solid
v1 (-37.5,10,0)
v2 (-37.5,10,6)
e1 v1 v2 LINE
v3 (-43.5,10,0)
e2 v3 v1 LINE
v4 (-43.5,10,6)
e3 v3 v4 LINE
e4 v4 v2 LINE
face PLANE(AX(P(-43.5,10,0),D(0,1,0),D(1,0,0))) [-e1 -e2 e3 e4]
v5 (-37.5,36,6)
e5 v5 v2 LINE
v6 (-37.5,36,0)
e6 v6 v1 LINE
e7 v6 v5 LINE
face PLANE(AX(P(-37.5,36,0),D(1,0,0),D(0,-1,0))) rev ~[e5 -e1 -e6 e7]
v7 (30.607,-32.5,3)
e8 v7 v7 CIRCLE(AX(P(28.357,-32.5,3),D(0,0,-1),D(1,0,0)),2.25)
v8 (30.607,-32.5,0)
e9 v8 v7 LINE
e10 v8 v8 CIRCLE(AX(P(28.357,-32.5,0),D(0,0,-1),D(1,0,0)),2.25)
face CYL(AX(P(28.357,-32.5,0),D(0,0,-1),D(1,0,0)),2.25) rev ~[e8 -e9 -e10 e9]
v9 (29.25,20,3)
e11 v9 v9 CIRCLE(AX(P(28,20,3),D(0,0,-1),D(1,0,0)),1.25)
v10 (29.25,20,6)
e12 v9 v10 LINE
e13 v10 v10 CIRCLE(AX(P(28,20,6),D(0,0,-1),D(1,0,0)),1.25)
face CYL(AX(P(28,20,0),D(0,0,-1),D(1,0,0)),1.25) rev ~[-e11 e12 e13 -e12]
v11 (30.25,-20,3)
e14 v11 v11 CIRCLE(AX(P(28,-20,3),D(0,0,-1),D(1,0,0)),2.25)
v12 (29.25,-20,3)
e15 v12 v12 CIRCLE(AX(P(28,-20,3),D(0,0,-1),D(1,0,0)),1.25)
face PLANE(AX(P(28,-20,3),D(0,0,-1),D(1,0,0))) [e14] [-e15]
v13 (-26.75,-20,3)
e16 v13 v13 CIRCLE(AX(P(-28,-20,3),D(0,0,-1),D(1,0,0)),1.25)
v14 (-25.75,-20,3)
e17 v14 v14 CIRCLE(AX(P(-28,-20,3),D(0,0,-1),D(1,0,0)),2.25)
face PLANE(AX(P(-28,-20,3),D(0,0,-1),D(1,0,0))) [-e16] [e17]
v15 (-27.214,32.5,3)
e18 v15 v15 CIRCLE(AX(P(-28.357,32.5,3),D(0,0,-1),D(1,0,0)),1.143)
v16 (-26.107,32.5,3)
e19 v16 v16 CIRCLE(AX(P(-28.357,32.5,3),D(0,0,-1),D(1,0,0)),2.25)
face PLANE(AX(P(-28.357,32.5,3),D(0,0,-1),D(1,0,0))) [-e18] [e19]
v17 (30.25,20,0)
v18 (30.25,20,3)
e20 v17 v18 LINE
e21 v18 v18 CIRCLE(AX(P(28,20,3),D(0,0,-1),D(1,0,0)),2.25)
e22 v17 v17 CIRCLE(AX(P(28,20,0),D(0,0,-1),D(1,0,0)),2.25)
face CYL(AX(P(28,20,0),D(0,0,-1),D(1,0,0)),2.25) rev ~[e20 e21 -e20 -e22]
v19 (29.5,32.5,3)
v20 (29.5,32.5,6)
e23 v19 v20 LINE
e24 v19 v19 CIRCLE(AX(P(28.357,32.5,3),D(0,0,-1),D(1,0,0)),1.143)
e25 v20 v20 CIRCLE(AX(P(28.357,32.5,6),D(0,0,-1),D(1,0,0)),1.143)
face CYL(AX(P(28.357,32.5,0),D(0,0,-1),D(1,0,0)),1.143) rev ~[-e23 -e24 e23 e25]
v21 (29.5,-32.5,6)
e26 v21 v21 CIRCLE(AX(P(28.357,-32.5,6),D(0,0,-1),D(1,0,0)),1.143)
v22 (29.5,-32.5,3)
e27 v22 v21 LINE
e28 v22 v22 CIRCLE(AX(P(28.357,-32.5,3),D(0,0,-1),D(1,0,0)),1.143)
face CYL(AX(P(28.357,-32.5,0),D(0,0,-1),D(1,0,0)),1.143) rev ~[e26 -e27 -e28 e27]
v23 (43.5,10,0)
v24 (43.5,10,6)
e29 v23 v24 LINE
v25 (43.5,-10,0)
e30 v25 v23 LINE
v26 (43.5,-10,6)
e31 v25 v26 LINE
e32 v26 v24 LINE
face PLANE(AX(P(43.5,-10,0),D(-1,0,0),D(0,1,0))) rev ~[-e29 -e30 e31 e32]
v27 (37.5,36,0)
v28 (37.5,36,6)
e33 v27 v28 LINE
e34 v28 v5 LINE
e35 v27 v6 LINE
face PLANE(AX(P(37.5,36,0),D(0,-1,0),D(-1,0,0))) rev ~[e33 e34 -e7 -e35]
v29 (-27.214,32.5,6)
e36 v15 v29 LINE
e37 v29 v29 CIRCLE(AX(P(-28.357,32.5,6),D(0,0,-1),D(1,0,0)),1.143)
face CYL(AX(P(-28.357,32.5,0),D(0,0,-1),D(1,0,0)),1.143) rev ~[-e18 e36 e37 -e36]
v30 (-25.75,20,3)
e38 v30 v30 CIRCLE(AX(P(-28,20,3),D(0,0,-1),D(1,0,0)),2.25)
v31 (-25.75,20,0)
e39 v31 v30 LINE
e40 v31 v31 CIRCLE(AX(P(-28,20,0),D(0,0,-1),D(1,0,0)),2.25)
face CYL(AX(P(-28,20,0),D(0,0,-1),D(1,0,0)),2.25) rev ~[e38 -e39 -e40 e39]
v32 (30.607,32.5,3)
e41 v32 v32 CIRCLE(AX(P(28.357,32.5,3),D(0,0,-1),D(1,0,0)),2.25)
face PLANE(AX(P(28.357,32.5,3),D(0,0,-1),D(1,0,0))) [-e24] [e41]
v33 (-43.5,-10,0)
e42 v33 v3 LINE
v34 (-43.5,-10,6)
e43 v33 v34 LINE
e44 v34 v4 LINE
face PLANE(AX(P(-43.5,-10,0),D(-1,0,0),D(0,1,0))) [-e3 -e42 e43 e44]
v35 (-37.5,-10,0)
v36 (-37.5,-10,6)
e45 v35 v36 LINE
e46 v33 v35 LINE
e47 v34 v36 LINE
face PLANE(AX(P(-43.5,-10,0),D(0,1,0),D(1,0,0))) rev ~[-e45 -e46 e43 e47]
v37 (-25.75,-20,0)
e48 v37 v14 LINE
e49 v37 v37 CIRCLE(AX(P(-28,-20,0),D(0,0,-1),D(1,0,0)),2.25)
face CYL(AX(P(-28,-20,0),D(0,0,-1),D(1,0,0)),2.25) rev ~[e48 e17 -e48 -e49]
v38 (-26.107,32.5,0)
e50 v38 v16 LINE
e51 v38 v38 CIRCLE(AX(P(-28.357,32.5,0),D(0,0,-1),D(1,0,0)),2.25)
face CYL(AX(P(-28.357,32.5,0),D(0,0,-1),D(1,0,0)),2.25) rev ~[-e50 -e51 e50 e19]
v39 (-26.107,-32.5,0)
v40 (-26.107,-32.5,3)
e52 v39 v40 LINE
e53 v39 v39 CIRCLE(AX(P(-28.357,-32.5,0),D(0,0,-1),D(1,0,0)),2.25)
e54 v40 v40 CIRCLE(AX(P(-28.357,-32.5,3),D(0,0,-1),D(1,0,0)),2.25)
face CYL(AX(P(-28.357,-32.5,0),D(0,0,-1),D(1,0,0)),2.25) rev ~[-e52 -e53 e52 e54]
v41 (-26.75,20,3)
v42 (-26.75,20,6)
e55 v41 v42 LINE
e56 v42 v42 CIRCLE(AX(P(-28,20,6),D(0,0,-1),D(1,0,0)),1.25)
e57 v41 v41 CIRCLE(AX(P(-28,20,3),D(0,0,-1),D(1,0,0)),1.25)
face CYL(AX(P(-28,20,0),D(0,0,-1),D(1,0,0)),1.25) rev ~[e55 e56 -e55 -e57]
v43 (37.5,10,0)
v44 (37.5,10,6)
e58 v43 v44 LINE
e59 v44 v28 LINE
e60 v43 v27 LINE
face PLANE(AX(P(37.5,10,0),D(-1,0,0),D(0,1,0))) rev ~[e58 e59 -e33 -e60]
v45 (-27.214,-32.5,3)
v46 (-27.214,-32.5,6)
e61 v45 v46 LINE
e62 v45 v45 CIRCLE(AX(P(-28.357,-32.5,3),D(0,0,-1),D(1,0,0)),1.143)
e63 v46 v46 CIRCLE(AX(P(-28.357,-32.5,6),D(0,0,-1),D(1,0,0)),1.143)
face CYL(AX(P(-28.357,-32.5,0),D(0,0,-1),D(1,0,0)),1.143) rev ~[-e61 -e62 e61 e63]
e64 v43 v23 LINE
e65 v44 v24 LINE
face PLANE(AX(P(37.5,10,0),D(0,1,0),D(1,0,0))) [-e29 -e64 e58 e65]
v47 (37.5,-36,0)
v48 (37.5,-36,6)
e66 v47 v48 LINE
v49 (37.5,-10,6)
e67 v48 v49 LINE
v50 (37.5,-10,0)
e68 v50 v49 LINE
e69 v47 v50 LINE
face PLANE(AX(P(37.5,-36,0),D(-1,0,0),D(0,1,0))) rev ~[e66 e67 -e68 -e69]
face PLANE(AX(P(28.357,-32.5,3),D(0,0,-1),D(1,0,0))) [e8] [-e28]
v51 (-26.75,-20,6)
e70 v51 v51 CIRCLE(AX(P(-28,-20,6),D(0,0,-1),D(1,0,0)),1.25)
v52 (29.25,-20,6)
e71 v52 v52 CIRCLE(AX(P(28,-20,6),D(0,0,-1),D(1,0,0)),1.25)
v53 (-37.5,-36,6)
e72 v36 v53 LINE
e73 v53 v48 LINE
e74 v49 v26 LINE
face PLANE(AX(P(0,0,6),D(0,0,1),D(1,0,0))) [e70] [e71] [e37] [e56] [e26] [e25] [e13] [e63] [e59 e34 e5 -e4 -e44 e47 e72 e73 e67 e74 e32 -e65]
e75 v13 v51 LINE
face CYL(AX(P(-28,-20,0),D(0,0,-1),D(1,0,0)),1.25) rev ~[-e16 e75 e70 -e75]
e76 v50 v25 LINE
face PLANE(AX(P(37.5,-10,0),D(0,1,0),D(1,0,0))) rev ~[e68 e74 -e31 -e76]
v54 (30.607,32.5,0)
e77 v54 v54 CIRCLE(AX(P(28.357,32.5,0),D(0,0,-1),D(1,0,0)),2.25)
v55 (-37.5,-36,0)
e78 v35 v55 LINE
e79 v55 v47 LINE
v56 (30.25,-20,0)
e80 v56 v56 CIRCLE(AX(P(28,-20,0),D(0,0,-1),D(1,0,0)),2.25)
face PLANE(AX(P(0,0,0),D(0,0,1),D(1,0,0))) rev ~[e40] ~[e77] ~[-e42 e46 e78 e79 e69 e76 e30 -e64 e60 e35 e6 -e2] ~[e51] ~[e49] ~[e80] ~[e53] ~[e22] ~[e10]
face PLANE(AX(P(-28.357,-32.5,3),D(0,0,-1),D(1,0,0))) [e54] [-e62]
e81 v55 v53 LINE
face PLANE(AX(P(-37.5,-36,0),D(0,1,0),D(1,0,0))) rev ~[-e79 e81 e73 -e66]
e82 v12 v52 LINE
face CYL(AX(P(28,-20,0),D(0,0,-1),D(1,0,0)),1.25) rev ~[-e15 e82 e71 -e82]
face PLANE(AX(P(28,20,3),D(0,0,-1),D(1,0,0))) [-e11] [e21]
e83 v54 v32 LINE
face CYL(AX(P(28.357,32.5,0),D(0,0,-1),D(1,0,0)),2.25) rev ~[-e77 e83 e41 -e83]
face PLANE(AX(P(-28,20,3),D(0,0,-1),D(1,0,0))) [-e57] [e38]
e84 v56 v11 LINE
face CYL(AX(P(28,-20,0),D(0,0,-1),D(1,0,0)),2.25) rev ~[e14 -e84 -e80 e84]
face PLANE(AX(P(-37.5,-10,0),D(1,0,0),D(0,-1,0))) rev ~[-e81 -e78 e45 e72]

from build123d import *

# Parameters (mm, degrees)
F0_W     = 6
F0_H     = 20
F1_DEPTH = 6
F2_R     = 2.25
F2_R_2   = 1.25
F2_R_3   = 1.143
F3_DEPTH = 3
F4_DEPTH = 6


with BuildPart() as f1:
    # F0 (on Top) → F1 (new body)
    with BuildSketch(Plane.XY):
        Polygon((-37.5, -36), (37.5, -36), (37.5, -10), (37.5, 10), (37.5, 36), (-37.5, 36), (-37.5, 10), (-37.5, -10), align=None)
        with Locations((40.5, 0)):
            Rectangle(F0_W, F0_H)
        with Locations((-40.5, 0)):
            Rectangle(F0_W, F0_H)
    extrude(amount=F1_DEPTH)

    # F2 (on face) → F3 (cut)
    with BuildSketch(Plane(origin=(0, 0, 0), x_dir=(1, 0, 0), z_dir=(0, 0, -1))):
        with Locations((-28, -20)):
            Circle(F2_R)
        with Locations((-28, -20)):
            Circle(F2_R_2, mode=Mode.SUBTRACT)
        with Locations((28, -20)):
            Circle(F2_R)
        with Locations((28, -20)):
            Circle(F2_R_2, mode=Mode.SUBTRACT)
        with Locations((-28, 20)):
            Circle(F2_R)
        with Locations((-28, 20)):
            Circle(F2_R_2, mode=Mode.SUBTRACT)
        with Locations((28, 20)):
            Circle(F2_R)
        with Locations((28, 20)):
            Circle(F2_R_2, mode=Mode.SUBTRACT)
        with Locations((-28.357, -32.5)):
            Circle(F2_R)
        with Locations((-28.357, -32.5)):
            Circle(F2_R_3, mode=Mode.SUBTRACT)
        with Locations((28.357, -32.5)):
            Circle(F2_R)
        with Locations((28.357, -32.5)):
            Circle(F2_R_3, mode=Mode.SUBTRACT)
        with Locations((-28.357, 32.5)):
            Circle(F2_R)
        with Locations((-28.357, 32.5)):
            Circle(F2_R_3, mode=Mode.SUBTRACT)
        with Locations((28.357, 32.5)):
            Circle(F2_R)
        with Locations((28.357, 32.5)):
            Circle(F2_R_3, mode=Mode.SUBTRACT)
    extrude(amount=-F3_DEPTH, mode=Mode.SUBTRACT)

    # F2 (on face) → F4 (cut, through all)
    with BuildSketch(Plane(origin=(0, 0, 0), x_dir=(1, 0, 0), z_dir=(0, 0, -1))):
        with Locations((-28, 20)):
            Circle(F2_R_2)
        with Locations((-28, -20)):
            Circle(F2_R_2)
        with Locations((28, -20)):
            Circle(F2_R_2)
        with Locations((28, 20)):
            Circle(F2_R_2)
        with Locations((-28.357, -32.5)):
            Circle(F2_R_3)
        with Locations((28.357, -32.5)):
            Circle(F2_R_3)
        with Locations((28.357, 32.5)):
            Circle(F2_R_3)
        with Locations((-28.357, 32.5)):
            Circle(F2_R_3)
    extrude(amount=-F4_DEPTH, mode=Mode.SUBTRACT)


solid = f1.part
